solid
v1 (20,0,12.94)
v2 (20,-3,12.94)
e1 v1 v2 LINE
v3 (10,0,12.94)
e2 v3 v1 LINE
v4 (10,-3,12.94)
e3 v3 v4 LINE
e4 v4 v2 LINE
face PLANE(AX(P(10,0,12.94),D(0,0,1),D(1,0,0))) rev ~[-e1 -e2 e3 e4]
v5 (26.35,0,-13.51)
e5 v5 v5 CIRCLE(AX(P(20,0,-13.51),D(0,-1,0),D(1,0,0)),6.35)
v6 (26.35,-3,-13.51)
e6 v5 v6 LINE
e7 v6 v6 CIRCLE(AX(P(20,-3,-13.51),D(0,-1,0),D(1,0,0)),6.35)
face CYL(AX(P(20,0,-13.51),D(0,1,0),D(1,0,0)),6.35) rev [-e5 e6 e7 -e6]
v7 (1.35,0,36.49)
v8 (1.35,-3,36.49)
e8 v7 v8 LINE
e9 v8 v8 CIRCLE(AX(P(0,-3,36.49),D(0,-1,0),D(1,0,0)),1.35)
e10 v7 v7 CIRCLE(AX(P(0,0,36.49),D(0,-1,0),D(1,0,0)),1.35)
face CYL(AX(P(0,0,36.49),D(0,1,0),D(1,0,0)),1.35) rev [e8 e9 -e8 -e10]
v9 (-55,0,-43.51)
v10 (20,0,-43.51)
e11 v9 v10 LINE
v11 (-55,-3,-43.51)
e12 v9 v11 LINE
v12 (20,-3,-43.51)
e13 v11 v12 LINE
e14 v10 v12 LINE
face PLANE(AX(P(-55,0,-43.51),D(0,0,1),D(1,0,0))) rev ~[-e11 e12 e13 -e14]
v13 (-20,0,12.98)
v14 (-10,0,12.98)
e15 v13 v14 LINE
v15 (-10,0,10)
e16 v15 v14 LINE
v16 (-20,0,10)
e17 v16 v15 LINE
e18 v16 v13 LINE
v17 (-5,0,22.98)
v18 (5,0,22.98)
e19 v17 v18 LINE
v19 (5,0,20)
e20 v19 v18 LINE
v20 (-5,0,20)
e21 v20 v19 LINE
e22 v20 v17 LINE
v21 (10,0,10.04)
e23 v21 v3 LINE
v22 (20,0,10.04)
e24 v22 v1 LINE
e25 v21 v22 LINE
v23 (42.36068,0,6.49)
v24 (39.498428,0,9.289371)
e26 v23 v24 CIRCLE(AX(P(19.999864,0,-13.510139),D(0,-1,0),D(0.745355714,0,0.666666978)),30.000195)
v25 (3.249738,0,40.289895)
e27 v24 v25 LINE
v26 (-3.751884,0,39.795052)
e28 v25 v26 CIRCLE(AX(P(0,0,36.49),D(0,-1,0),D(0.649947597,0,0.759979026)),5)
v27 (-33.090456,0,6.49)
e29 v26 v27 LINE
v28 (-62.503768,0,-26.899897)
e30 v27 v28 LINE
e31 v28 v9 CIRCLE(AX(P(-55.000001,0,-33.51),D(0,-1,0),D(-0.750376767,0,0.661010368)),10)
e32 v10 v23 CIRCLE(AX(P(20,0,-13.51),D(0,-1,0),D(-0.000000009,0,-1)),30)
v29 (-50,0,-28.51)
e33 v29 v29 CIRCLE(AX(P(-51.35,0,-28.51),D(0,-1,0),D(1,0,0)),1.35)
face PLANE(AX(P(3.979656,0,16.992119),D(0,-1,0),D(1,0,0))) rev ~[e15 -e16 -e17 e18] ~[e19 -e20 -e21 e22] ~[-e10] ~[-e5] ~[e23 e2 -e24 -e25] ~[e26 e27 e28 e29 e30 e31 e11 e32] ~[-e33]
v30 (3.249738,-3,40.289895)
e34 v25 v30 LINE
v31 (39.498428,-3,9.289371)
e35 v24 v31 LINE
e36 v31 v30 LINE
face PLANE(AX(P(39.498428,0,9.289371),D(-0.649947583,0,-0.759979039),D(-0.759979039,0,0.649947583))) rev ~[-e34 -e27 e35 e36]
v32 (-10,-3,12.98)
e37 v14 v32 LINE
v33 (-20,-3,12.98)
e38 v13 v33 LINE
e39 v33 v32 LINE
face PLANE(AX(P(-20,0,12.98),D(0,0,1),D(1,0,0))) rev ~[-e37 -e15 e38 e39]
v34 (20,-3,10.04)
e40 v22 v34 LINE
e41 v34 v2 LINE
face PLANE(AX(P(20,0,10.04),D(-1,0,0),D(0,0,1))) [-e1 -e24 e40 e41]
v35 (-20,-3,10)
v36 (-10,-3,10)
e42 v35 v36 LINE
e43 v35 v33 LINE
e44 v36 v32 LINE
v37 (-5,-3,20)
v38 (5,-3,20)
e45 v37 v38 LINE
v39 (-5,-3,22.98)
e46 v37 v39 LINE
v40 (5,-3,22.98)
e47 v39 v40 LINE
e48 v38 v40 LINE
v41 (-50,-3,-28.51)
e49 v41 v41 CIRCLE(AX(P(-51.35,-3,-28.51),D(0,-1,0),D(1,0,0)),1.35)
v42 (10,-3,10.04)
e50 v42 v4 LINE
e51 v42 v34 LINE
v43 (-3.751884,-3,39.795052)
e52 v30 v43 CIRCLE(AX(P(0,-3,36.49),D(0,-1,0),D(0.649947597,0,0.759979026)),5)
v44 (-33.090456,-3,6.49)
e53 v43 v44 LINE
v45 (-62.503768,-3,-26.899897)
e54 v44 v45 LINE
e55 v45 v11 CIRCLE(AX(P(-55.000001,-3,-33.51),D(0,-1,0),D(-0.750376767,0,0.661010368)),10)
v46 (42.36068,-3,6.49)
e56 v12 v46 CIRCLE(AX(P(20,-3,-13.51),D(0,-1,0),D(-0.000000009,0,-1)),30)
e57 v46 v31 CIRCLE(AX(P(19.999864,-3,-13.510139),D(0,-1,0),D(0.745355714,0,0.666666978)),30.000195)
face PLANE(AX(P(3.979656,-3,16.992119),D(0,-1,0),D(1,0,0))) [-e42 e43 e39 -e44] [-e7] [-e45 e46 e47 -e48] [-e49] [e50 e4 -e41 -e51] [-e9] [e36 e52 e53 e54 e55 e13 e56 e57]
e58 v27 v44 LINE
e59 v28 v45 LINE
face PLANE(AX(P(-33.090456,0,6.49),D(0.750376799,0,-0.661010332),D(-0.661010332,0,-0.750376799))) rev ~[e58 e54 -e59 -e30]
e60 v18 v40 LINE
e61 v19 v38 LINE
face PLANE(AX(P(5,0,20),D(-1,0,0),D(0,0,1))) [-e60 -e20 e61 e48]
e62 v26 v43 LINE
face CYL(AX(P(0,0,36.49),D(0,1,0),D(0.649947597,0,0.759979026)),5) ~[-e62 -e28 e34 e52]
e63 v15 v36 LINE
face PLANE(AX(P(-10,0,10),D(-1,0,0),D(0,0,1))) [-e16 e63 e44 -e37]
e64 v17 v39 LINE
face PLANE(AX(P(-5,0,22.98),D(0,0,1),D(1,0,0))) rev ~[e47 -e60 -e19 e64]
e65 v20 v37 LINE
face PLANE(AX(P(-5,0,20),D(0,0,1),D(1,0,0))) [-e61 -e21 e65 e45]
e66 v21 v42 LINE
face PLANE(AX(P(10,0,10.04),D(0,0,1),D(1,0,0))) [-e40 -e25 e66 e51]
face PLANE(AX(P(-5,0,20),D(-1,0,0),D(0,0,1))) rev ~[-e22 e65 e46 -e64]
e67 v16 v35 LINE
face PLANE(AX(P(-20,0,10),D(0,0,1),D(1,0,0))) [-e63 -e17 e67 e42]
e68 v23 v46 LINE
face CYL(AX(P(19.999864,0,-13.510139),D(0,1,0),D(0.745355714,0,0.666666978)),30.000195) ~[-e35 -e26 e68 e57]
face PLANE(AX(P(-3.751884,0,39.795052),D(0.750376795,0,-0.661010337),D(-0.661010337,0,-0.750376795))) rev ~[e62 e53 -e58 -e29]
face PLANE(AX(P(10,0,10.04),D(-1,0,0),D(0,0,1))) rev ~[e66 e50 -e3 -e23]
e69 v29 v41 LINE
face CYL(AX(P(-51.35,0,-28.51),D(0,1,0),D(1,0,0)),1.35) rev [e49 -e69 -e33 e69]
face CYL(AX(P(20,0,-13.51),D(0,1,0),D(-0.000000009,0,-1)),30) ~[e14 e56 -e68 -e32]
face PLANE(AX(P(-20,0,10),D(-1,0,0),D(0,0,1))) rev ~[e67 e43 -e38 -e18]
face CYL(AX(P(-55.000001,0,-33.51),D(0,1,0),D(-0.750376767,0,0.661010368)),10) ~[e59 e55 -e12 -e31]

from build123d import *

# Parameters (mm, degrees)
F0_W     = 10
F0_H     = 2.98
F0_H_2   = 2.9
F0_R     = 1.35
F0_R_2   = 6.35
F1_DEPTH = 3


with BuildPart() as f1:
    # F0 (on Front) → F1 (new body)
    with BuildSketch(Plane.XZ):
        with BuildLine():
            Line((-33.090456, 6.49), (42.36068, 6.49))
            ThreePointArc((42.36068, 6.49), (40.976304, 7.937486), (39.498428, 9.289371))
            Line((39.498428, 9.289371), (3.249738, 40.289895))
            ThreePointArc((3.249738, 40.289895), (-0.352498, 41.477559), (-3.751884, 39.795052))
            Line((-3.751884, 39.795052), (-33.090456, 6.49))
        make_face()
        with Locations((-15, 11.49)):
            Rectangle(F0_W, F0_H, mode=Mode.SUBTRACT)
        with Locations((0, 21.49)):
            Rectangle(F0_W, F0_H, mode=Mode.SUBTRACT)
        with Locations((15, 11.49)):
            Rectangle(F0_W, F0_H_2, mode=Mode.SUBTRACT)
        with Locations((0, 36.49)):
            Circle(F0_R, mode=Mode.SUBTRACT)
        with BuildLine():
            ThreePointArc((20, -43.51), (47.386128, -25.757449), (42.36068, 6.49))
            Line((42.36068, 6.49), (-33.090456, 6.49))
            Line((-33.090456, 6.49), (-62.503768, -26.899897))
            ThreePointArc((-62.503768, -26.899897), (-64.113206, -37.626975), (-55, -43.51))
            Line((-55, -43.51), (20, -43.51))
        make_face()
        with Locations((-55, -33.51)):
            Circle(F0_R, mode=Mode.SUBTRACT)
        with Locations((-51.35, -28.51)):
            Circle(F0_R, mode=Mode.SUBTRACT)
        with Locations((20, -13.51)):
            Circle(F0_R_2, mode=Mode.SUBTRACT)
        with Locations((-55, -33.51)):
            Circle(F0_R)
    extrude(amount=F1_DEPTH)


solid = f1.part
